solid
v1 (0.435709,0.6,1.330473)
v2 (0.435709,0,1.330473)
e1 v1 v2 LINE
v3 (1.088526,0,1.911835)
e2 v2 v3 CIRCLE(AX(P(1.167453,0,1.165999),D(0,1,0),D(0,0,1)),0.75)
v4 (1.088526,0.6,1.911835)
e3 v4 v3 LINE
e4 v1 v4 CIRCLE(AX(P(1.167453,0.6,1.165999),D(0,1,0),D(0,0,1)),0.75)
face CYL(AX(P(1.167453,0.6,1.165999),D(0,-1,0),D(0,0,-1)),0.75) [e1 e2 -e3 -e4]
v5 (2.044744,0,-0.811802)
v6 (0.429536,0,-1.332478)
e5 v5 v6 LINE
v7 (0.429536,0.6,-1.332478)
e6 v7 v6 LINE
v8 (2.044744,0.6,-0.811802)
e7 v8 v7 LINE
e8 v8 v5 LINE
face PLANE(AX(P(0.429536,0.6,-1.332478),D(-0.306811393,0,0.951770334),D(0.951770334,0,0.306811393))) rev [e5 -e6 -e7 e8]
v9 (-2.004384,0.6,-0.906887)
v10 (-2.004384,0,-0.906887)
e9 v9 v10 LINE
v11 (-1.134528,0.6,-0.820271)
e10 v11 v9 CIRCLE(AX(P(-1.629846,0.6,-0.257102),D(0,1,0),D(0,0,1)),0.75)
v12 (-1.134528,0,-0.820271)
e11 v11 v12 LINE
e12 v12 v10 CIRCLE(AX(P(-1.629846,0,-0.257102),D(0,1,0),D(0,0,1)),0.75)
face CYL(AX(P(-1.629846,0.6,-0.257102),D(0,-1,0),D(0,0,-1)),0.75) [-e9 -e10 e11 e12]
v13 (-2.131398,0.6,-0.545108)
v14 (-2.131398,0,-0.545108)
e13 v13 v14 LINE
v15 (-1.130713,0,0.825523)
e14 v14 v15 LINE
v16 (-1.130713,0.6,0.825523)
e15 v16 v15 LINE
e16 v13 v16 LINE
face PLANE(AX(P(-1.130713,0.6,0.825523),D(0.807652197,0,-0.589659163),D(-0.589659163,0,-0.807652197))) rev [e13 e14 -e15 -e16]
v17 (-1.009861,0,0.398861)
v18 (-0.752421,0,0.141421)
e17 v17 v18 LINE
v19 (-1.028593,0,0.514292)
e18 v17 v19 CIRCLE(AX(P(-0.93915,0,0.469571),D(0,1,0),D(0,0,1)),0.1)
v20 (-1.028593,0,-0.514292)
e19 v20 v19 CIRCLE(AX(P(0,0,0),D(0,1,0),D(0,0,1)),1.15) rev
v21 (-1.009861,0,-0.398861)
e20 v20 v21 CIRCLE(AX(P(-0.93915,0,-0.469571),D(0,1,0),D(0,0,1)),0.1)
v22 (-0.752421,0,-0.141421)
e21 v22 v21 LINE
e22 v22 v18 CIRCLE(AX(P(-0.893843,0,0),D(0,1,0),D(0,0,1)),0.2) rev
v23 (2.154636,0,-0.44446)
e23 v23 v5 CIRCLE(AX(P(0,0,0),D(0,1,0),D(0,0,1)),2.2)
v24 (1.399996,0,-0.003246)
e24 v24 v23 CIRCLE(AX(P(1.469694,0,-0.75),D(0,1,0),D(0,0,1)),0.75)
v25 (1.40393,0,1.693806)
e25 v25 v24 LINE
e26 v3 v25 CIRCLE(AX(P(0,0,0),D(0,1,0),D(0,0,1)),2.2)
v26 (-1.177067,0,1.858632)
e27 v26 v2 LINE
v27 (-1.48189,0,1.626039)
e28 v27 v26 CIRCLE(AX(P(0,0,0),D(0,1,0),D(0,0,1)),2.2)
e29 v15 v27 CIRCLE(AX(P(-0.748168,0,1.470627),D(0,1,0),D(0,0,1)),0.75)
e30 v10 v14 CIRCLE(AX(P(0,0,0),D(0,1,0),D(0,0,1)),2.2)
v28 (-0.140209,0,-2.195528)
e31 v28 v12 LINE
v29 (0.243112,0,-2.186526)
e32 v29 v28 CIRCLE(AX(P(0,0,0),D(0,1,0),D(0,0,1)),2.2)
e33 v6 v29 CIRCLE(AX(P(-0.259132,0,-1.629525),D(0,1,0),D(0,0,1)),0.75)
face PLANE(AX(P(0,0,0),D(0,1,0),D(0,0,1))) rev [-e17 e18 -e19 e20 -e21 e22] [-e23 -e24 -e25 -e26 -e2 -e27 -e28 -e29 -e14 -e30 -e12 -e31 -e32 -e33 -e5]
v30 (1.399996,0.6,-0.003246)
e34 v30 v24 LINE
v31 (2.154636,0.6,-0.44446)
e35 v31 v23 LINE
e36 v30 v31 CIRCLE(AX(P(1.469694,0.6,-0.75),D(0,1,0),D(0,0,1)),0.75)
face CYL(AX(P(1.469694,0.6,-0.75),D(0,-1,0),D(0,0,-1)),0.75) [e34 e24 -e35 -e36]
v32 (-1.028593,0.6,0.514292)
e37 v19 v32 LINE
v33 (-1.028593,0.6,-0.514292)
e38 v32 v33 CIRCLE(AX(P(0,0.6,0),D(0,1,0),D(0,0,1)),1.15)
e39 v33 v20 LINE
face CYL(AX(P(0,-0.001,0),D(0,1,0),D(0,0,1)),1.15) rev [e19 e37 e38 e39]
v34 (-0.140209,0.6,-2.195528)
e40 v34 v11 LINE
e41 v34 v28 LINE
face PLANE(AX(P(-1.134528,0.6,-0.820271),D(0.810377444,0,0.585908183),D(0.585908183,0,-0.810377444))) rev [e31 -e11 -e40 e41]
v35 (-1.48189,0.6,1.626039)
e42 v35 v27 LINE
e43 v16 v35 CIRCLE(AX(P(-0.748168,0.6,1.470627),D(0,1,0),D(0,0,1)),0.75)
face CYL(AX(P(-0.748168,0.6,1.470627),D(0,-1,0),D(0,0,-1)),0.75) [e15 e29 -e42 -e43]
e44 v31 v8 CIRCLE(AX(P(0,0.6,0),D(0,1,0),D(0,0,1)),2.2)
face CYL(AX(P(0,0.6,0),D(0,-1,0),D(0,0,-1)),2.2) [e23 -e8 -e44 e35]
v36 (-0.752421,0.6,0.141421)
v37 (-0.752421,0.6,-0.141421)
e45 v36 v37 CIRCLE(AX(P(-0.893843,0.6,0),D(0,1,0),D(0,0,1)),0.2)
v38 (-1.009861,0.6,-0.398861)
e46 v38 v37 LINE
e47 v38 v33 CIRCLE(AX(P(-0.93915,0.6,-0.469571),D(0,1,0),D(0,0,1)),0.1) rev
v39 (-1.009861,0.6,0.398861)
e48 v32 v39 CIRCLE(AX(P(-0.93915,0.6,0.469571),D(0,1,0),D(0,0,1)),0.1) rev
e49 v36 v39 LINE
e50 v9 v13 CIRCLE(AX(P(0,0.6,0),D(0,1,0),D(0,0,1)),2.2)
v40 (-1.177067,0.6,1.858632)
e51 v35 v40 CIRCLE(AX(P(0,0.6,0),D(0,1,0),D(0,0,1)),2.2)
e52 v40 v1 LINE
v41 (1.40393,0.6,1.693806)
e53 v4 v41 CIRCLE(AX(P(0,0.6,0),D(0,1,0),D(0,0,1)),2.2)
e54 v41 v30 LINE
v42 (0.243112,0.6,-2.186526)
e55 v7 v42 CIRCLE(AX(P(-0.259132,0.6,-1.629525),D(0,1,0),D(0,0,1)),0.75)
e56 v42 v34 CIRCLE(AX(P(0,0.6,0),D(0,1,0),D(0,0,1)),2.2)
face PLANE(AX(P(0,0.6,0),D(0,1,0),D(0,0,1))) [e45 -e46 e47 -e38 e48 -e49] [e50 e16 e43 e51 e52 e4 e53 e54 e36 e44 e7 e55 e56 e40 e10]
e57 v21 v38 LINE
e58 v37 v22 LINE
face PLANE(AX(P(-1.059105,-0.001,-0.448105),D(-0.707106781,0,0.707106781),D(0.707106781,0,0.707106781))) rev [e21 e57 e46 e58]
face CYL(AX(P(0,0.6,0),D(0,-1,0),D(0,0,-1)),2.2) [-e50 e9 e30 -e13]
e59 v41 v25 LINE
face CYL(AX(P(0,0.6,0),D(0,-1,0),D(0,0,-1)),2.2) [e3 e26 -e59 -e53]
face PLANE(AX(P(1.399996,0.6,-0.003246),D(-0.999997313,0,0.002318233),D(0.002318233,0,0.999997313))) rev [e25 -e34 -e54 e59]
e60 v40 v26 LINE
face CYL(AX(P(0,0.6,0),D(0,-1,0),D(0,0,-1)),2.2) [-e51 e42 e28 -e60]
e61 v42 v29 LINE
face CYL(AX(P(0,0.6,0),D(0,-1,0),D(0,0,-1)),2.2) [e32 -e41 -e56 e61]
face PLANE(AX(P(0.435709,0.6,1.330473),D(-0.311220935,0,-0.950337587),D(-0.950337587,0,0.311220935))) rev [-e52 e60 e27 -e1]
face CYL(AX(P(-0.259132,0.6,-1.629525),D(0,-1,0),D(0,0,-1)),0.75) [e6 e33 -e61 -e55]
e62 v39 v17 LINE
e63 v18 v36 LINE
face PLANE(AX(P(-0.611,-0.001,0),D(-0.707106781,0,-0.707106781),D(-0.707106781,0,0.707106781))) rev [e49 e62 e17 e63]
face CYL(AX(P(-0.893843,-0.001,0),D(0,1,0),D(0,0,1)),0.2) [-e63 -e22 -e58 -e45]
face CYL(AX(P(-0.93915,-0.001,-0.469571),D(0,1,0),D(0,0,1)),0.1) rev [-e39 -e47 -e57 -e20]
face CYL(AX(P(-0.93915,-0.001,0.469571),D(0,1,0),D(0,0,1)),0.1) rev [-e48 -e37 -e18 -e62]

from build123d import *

# Parameters (mm, degrees)
BOSS_EXTRUDE1_DEPTH = 0.6
CUT_EXTRUDE1_REACH  = 2.6
FILLET1_R           = 0.1
FILLET2_R           = 0.2


with BuildPart() as part:
    # Sketch1 → Boss-Extrude1 (new body)
    with BuildSketch(Plane(origin=(0, 0, 0), x_dir=(1, 0, 0), z_dir=(0, 1, 0))):
        with BuildLine():
            Line((-1.130713076, -0.825522828), (-2.131397859, 0.545108401))
            ThreePointArc((-2.131397859, 0.545108401), (-2.07578756, 0.7287702), (-2.004384052, 0.906887298))
            ThreePointArc((-2.004384052, 0.906887298), (-1.555532522, 1.003410855), (-1.134528421, 0.820271456))
            Line((-1.134528421, 0.820271456), (-0.140209263, 2.195527582))
            ThreePointArc((-0.140209263, 2.195527582), (0.051648015, 2.199393662), (0.243112339, 2.186526101))
            ThreePointArc((0.243112339, 2.186526101), (0.473614448, 1.789470348), (0.42953595, 1.332478468))
            Line((0.42953595, 1.332478468), (2.044743768, 0.811802268))
            ThreePointArc((2.044743768, 0.811802268), (2.107707789, 0.630529838), (2.154635741, 0.444460149))
            ThreePointArc((2.154635741, 0.444460149), (1.848242349, 0.102542642), (1.399996238, 0.003245527))
            Line((1.399996238, 0.003245527), (1.40393041, -1.693806188))
            ThreePointArc((1.40393041, -1.693806188), (1.250987037, -1.809704792), (1.088525782, -1.911834622))
            ThreePointArc((1.088525782, -1.911834622), (0.668662143, -1.726095511), (0.435709309, -1.330472622))
            Line((0.435709309, -1.330472622), (-1.177067057, -1.858632063))
            ThreePointArc((-1.177067057, -1.858632063), (-1.33455528, -1.748988909), (-1.48188981, -1.626038927))
            ThreePointArc((-1.48188981, -1.626038927), (-1.434986417, -1.169328335), (-1.130713076, -0.825522828))
        make_face()
    extrude(amount=BOSS_EXTRUDE1_DEPTH)

    # Sketch2 → Cut-Extrude1 (cut, up to next)
    with BuildSketch(Plane(origin=(0, 0.6, 0), x_dir=(1, 0, 0), z_dir=(0, 1, 0)), mode=Mode.PRIVATE) as cut_extrude1_sk1:
        with BuildLine():
            Line((-1.059104505, 0.448104505), (-0.611, 0))
            Line((-0.611, 0), (-1.059104505, -0.448104505))
            ThreePointArc((-1.059104505, -0.448104505), (1.15, 0), (-1.059104505, 0.448104505))
        make_face()
    cut_extrude1_tool1 = extrude(cut_extrude1_sk1.sketch, amount=-CUT_EXTRUDE1_REACH, mode=Mode.PRIVATE) & part.part
    add(cut_extrude1_tool1.solids().sort_by_distance((0.062233, 0.6, 0))[0], mode=Mode.SUBTRACT)

    # Fillet1
    fillet1_edges = [part.edges().sort_by_distance(p)[0] for p in [
        (-1.059104505, 0.3, -0.448104505),
        (-1.059104505, 0.3, 0.448104505),
    ]]
    fillet(fillet1_edges, radius=FILLET1_R)

    # Fillet2
    fillet2_edges = [part.edges().sort_by_distance(p)[0] for p in [
        (-0.611, 0.3, 0),
    ]]
    fillet(fillet2_edges, radius=FILLET2_R)


solid = part.part
